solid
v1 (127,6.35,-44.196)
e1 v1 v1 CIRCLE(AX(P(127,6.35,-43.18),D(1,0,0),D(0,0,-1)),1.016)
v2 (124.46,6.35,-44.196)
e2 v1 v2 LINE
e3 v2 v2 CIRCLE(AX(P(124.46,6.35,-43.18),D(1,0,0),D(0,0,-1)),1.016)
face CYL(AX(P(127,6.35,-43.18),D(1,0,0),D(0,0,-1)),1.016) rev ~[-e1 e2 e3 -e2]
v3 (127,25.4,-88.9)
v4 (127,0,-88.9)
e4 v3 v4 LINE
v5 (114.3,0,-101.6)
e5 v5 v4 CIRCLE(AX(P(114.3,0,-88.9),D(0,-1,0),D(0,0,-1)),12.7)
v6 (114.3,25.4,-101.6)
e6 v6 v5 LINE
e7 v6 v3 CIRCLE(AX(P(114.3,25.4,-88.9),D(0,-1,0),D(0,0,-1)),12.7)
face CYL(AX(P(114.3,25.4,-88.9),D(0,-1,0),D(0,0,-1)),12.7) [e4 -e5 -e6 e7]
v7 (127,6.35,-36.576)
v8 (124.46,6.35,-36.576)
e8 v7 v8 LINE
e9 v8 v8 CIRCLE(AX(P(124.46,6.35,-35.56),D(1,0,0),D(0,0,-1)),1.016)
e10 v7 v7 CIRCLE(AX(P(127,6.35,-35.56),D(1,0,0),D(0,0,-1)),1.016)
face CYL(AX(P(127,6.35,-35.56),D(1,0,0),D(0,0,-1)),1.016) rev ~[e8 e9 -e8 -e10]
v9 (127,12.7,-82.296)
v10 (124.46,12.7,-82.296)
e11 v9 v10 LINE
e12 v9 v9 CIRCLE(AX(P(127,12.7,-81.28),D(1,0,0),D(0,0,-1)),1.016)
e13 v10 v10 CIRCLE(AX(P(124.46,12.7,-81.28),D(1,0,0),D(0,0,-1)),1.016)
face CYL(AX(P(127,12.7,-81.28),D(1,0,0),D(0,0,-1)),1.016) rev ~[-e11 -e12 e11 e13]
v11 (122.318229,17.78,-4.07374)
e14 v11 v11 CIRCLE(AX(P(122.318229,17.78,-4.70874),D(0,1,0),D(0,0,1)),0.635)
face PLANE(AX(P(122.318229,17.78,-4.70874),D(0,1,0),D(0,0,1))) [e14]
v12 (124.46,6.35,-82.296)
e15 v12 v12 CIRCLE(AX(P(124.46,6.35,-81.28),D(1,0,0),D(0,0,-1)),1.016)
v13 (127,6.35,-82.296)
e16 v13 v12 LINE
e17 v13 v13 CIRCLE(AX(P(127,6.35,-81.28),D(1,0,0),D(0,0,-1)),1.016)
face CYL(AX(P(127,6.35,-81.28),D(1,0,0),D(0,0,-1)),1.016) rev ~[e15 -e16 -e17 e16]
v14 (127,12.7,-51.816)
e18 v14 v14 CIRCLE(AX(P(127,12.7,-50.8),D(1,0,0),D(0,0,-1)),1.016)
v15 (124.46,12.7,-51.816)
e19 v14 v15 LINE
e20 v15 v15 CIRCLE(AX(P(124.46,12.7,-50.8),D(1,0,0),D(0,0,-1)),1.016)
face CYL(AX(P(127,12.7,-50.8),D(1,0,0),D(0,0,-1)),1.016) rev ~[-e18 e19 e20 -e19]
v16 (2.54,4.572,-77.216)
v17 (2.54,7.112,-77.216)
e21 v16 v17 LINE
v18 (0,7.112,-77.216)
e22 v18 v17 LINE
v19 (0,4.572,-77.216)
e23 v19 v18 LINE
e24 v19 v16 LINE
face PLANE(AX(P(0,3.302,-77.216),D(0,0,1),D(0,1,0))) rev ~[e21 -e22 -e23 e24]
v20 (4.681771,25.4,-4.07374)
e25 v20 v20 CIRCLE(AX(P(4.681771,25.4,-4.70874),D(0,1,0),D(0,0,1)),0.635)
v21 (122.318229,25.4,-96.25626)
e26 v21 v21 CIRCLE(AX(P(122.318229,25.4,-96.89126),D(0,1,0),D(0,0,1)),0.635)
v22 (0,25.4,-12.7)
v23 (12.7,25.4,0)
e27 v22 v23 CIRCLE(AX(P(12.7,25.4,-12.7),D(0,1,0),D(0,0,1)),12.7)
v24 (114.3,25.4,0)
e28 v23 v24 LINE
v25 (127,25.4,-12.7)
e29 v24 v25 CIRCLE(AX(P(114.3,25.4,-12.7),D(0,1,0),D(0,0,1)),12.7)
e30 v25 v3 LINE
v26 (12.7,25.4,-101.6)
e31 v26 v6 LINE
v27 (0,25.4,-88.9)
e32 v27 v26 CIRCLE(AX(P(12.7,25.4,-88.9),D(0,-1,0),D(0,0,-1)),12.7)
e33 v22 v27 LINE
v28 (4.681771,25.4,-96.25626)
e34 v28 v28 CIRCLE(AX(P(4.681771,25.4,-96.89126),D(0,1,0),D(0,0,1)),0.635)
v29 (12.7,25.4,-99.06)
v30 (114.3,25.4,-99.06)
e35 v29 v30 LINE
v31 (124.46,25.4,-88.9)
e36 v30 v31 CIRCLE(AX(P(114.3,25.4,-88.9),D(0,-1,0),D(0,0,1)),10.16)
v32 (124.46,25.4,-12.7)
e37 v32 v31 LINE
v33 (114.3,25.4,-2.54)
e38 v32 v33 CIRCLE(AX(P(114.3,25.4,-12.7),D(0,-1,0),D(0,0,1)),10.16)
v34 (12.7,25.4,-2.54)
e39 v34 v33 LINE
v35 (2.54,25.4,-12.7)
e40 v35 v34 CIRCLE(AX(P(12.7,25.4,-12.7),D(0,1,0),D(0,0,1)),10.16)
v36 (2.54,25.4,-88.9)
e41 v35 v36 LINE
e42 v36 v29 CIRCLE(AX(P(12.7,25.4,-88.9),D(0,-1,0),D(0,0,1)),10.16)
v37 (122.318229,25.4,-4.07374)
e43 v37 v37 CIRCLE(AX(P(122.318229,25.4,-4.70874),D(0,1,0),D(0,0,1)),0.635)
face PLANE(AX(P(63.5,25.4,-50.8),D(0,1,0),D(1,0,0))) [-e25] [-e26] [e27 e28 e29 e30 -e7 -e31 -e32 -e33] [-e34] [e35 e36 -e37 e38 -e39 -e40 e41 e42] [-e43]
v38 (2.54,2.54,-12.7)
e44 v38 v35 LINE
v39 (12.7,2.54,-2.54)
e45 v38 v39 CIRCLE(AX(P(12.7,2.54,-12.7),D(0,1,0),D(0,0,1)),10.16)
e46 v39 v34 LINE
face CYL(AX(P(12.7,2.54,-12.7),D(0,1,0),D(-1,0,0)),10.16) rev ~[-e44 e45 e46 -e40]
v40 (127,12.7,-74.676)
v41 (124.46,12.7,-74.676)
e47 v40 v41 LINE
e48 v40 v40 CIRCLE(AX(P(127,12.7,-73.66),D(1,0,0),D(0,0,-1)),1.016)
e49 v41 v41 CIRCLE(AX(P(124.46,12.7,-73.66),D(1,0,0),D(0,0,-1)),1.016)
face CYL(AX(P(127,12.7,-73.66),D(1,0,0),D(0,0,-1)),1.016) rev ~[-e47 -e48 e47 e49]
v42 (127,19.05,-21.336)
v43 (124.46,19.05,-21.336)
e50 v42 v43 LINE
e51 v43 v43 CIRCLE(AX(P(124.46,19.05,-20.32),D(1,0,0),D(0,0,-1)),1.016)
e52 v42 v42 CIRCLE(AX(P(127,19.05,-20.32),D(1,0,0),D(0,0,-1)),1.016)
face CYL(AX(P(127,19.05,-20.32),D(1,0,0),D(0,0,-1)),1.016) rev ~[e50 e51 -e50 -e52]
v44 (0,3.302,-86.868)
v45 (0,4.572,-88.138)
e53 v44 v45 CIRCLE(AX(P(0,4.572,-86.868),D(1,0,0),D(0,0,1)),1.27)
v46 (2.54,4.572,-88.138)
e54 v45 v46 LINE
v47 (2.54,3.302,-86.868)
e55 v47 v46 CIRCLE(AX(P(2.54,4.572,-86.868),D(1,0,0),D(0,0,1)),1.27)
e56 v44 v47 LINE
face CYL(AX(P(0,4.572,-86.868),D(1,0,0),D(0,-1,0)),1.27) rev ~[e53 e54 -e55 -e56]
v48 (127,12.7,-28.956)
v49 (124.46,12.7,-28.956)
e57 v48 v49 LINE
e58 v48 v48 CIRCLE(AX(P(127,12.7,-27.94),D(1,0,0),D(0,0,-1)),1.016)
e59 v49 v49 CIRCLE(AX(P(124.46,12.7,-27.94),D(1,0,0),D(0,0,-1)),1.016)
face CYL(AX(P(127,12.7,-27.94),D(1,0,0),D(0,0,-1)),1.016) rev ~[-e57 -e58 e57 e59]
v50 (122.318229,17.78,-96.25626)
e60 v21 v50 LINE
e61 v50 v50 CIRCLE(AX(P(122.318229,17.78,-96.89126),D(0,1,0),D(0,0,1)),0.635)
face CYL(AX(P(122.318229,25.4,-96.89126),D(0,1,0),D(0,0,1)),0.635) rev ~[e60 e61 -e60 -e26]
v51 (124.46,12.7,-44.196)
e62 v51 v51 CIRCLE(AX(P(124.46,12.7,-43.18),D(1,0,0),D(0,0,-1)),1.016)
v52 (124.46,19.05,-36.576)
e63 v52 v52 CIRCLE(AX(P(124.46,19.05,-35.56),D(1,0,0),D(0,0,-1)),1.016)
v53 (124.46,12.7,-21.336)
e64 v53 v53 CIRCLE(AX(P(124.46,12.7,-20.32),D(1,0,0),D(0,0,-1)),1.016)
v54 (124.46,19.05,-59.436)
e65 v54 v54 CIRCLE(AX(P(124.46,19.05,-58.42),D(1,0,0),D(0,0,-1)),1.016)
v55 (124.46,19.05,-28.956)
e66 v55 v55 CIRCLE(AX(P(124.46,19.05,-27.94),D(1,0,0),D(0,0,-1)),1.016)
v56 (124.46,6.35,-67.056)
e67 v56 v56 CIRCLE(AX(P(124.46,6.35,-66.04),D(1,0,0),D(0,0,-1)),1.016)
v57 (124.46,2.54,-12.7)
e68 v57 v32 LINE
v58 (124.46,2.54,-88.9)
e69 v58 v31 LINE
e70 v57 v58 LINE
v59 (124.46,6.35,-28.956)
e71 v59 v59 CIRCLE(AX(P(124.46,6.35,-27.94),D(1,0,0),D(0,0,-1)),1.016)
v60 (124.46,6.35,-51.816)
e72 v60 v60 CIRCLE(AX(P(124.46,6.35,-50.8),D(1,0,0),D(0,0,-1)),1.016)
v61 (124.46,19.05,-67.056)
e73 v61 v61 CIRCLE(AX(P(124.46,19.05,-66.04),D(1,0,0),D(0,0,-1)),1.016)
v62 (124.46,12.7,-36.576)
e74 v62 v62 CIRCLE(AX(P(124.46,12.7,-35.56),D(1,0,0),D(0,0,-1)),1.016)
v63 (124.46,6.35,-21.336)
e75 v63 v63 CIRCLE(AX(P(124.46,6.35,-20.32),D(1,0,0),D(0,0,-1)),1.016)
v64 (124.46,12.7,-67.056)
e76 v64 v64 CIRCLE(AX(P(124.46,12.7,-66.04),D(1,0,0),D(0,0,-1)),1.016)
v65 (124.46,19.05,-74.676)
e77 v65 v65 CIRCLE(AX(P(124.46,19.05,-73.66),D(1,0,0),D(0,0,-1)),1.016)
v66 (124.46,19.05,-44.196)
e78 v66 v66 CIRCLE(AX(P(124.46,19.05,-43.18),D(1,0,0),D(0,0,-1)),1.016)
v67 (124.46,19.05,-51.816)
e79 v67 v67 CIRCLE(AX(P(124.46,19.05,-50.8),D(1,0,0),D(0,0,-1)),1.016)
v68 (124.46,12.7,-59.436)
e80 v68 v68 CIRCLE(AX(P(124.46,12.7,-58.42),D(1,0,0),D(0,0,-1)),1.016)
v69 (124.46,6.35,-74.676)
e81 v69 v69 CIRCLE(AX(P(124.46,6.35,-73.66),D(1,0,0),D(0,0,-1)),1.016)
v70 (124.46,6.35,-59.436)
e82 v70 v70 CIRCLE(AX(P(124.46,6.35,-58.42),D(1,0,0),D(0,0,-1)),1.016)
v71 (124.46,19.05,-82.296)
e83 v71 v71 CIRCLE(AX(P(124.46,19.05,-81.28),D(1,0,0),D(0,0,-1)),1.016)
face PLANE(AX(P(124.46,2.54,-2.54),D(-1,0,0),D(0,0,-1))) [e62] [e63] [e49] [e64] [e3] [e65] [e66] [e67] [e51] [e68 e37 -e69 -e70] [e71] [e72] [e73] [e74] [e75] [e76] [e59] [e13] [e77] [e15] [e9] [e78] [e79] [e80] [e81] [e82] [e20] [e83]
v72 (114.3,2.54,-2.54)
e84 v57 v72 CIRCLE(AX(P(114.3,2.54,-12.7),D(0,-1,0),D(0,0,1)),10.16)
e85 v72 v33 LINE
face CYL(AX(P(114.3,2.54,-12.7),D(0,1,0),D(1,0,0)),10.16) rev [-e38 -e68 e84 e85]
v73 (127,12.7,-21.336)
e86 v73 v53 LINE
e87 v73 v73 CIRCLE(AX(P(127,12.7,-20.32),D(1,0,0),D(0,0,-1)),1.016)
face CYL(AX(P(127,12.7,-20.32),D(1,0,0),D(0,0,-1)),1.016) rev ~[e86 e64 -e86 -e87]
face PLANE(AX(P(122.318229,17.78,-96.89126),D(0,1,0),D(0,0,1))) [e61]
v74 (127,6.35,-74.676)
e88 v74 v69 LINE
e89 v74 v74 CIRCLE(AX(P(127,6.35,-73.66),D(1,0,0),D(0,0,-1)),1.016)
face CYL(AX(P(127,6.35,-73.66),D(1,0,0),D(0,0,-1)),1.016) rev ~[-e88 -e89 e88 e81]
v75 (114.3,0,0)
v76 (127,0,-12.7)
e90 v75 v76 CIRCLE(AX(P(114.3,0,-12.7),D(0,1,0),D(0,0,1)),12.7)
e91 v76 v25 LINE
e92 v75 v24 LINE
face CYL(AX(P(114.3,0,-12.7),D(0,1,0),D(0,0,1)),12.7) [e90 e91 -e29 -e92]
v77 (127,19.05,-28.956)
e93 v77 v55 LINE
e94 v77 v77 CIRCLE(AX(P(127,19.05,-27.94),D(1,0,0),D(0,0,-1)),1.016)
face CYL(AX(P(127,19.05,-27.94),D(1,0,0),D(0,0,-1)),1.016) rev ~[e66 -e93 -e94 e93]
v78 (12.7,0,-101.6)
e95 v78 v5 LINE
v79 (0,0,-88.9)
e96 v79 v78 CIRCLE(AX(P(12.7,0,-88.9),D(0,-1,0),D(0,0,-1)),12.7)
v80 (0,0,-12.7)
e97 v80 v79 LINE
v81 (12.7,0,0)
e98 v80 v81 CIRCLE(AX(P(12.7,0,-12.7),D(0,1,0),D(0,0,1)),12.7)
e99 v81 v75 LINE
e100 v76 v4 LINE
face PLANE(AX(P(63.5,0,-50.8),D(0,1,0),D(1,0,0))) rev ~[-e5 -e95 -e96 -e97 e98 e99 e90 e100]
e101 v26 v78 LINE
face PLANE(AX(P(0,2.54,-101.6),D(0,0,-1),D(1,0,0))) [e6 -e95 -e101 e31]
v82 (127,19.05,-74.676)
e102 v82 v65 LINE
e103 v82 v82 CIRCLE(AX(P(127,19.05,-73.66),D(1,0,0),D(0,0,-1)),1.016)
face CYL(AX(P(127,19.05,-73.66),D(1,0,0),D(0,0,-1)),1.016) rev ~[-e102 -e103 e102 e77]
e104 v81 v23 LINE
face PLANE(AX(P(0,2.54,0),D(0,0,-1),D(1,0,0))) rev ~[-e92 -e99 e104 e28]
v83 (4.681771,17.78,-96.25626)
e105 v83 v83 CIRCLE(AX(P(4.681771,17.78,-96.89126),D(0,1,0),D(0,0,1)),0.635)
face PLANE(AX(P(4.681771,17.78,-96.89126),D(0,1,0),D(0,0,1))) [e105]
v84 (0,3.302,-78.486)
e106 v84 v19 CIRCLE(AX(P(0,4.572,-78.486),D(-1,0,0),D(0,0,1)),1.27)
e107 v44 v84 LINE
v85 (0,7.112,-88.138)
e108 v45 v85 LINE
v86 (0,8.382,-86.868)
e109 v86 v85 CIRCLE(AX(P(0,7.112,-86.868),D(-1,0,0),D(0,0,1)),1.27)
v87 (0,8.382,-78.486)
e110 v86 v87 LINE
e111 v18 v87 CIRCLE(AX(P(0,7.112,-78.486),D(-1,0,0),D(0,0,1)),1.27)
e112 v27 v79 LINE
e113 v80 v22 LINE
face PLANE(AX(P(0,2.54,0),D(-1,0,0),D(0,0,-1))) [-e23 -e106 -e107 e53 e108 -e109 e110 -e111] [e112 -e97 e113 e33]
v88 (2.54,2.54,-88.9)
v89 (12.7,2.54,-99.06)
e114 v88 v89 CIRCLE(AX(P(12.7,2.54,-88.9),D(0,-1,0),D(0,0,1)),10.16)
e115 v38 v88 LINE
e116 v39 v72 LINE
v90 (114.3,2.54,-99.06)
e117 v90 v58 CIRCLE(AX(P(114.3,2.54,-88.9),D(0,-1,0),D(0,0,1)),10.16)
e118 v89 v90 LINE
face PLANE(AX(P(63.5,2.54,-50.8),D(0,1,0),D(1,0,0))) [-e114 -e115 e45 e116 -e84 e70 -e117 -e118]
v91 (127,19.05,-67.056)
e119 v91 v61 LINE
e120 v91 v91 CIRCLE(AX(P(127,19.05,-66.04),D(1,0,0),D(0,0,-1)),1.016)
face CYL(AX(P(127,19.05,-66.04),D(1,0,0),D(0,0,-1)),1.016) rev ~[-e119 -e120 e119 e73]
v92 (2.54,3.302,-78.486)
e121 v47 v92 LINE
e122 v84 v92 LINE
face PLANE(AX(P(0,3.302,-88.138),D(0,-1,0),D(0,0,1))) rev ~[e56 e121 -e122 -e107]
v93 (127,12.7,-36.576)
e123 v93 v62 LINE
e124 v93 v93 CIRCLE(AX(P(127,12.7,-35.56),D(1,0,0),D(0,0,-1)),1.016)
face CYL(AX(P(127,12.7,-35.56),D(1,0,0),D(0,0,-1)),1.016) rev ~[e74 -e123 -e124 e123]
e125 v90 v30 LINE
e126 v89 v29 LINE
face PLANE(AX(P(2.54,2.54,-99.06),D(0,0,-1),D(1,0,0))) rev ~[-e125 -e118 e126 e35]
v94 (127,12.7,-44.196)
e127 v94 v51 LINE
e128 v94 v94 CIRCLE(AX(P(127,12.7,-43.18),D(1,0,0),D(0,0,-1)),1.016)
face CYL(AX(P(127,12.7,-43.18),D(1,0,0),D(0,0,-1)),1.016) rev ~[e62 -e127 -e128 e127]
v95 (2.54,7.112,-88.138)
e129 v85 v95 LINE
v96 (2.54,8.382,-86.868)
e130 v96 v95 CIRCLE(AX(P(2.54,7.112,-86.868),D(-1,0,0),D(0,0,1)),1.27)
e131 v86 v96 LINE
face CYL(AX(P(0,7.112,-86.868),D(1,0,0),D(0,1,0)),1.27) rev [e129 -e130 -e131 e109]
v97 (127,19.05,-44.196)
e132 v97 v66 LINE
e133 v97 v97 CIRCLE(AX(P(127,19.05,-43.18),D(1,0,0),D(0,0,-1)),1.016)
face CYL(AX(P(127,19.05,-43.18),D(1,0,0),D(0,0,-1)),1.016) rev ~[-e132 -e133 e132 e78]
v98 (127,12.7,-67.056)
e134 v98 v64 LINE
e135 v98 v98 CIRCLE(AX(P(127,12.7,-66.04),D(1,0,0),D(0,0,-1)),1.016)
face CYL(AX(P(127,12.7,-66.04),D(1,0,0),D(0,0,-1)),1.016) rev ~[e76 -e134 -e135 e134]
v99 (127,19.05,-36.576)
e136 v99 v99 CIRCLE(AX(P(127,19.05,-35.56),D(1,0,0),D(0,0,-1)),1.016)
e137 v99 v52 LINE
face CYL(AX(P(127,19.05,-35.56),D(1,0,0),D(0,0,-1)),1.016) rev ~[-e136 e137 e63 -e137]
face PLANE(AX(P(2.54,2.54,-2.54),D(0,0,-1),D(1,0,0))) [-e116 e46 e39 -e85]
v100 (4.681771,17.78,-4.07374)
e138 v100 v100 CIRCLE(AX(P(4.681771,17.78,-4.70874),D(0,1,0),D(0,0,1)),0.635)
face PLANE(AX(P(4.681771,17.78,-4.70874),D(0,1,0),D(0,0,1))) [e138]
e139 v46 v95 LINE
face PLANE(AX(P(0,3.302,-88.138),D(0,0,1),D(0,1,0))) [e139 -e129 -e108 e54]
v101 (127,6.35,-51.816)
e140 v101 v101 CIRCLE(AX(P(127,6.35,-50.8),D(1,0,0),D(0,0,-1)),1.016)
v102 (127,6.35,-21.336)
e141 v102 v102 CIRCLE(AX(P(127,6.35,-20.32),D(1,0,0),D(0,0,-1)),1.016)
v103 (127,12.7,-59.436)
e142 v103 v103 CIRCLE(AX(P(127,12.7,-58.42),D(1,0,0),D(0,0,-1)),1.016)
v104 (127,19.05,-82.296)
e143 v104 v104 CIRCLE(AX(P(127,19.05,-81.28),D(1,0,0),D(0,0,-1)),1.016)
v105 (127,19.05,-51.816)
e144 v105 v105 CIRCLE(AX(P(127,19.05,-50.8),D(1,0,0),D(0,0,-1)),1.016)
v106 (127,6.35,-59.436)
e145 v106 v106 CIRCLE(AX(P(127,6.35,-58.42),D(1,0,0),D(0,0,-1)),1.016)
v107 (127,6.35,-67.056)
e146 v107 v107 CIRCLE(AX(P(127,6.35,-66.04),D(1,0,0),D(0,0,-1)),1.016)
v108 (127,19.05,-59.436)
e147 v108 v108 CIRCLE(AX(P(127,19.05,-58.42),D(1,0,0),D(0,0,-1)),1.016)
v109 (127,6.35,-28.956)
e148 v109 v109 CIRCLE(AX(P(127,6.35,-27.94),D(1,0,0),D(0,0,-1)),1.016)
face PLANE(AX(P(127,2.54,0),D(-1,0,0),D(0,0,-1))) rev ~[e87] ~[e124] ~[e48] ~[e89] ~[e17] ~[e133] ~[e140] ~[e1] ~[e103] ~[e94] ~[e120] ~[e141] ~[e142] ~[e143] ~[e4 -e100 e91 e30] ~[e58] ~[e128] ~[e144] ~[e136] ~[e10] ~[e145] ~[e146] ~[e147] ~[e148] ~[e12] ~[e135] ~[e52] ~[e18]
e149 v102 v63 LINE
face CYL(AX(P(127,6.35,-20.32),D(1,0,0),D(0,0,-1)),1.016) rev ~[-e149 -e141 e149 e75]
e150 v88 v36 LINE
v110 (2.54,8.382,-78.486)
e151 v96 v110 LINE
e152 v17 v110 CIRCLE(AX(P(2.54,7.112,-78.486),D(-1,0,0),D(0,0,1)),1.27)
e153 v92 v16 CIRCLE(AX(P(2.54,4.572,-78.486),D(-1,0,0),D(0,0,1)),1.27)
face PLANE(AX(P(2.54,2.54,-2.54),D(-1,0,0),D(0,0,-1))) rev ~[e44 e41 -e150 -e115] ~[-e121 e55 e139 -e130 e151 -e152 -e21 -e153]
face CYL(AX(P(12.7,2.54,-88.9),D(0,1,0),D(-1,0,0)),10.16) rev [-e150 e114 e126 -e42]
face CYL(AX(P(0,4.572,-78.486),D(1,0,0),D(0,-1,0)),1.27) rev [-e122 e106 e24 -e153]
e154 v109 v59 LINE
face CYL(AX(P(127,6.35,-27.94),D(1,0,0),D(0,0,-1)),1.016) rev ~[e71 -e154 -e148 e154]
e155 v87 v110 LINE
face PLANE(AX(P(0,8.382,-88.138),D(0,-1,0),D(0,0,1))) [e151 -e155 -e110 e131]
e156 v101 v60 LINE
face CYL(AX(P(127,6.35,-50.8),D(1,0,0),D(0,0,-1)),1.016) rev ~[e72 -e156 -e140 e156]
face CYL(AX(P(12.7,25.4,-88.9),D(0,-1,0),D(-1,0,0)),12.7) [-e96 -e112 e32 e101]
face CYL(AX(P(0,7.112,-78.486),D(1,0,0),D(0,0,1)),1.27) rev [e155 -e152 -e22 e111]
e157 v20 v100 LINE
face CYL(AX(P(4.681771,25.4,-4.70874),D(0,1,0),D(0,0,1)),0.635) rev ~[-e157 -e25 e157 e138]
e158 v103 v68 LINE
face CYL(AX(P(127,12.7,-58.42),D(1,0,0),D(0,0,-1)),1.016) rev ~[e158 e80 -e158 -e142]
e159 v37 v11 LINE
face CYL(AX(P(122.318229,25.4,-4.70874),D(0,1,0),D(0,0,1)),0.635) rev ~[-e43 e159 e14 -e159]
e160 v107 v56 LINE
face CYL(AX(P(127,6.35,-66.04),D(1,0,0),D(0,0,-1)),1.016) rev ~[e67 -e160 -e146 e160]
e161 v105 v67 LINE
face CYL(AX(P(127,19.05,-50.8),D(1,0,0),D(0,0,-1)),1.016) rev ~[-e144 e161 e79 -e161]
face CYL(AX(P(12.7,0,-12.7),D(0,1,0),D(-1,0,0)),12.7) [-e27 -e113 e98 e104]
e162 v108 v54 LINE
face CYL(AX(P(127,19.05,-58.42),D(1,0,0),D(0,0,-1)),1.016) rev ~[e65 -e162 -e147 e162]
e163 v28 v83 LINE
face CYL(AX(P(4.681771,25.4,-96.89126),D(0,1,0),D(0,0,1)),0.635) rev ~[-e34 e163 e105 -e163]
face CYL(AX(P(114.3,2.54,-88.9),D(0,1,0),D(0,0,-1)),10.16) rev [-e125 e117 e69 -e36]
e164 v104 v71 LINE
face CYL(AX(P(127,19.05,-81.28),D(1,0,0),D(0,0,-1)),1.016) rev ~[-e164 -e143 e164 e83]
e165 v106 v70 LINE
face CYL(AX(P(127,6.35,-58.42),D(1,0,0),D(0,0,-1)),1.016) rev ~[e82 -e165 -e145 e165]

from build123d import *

# Parameters (mm, degrees)
SKETCH1_W           = 127
SKETCH1_H           = 101.6
BOSS_EXTRUDE1_DEPTH = 2.54
SKETCH2_W           = 127
SKETCH2_H           = 101.6
SKETCH2_W_2         = 121.92
SKETCH2_H_2         = 96.52
BOSS_EXTRUDE2_DEPTH = 22.86
FILLET1_R           = 10.16
FILLET2_R           = 12.7
SKETCH3_R           = 1.016
CUT_EXTRUDE1_DEPTH  = 2.54
SKETCH4_W           = 10.922
SKETCH4_H           = 5.08
CUT_EXTRUDE2_DEPTH  = 2.54
FILLET3_R           = 1.27
SKETCH6_R           = 0.635
CUT_EXTRUDE4_DEPTH  = 7.62


with BuildPart() as part:
    # Sketch1 → Boss-Extrude1 (new body)
    with BuildSketch(Plane(origin=(0, 0, 0), x_dir=(1, 0, 0), z_dir=(0, 1, 0))):
        with Locations((63.5, 50.8)):
            Rectangle(SKETCH1_W, SKETCH1_H)
    extrude(amount=BOSS_EXTRUDE1_DEPTH)

    # Sketch2 → Boss-Extrude2 (add)
    with BuildSketch(Plane(origin=(0, 2.54, 0), x_dir=(1, 0, 0), z_dir=(0, 1, 0))):
        with Locations((63.5, 50.8)):
            Rectangle(SKETCH2_W, SKETCH2_H)
        with Locations((63.5, 50.8)):
            Rectangle(SKETCH2_W_2, SKETCH2_H_2, mode=Mode.SUBTRACT)
    extrude(amount=BOSS_EXTRUDE2_DEPTH)

    # Fillet1
    fillet1_edges = [part.edges().sort_by_distance(p)[0] for p in [
        (124.46, 13.97, -99.06),
        (2.54, 13.97, -99.06),
        (2.54, 13.97, -2.54),
        (124.46, 13.97, -2.54),
    ]]
    fillet(fillet1_edges, radius=FILLET1_R)

    # Fillet2
    fillet2_edges = [part.edges().sort_by_distance(p)[0] for p in [
        (0, 12.7, -101.6),
        (127, 12.7, -101.6),
        (127, 12.7, 0),
        (0, 12.7, 0),
    ]]
    fillet(fillet2_edges, radius=FILLET2_R)

    # Sketch3 → Cut-Extrude1 (cut)
    with BuildSketch(Plane(origin=(127, 0, 0), x_dir=(0, 0, -1), z_dir=(1, 0, 0))):
        with Locations((50.8, 12.7)):
            Circle(SKETCH3_R)
        with Locations((58.42, 12.7)):
            Circle(SKETCH3_R)
        with Locations((66.04, 12.7)):
            Circle(SKETCH3_R)
        with Locations((73.66, 12.7)):
            Circle(SKETCH3_R)
        with Locations((81.28, 12.7)):
            Circle(SKETCH3_R)
        with Locations((43.18, 12.7)):
            Circle(SKETCH3_R)
        with Locations((35.56, 12.7)):
            Circle(SKETCH3_R)
        with Locations((27.94, 12.7)):
            Circle(SKETCH3_R)
        with Locations((20.32, 12.7)):
            Circle(SKETCH3_R)
        with Locations((20.32, 19.05)):
            Circle(SKETCH3_R)
        with Locations((27.94, 19.05)):
            Circle(SKETCH3_R)
        with Locations((35.56, 19.05)):
            Circle(SKETCH3_R)
        with Locations((43.18, 19.05)):
            Circle(SKETCH3_R)
        with Locations((50.8, 19.05)):
            Circle(SKETCH3_R)
        with Locations((58.42, 19.05)):
            Circle(SKETCH3_R)
        with Locations((66.04, 19.05)):
            Circle(SKETCH3_R)
        with Locations((73.66, 19.05)):
            Circle(SKETCH3_R)
        with Locations((81.28, 19.05)):
            Circle(SKETCH3_R)
        with Locations((20.32, 6.35)):
            Circle(SKETCH3_R)
        with Locations((27.94, 6.35)):
            Circle(SKETCH3_R)
        with Locations((35.56, 6.35)):
            Circle(SKETCH3_R)
        with Locations((43.18, 6.35)):
            Circle(SKETCH3_R)
        with Locations((50.8, 6.35)):
            Circle(SKETCH3_R)
        with Locations((58.42, 6.35)):
            Circle(SKETCH3_R)
        with Locations((66.04, 6.35)):
            Circle(SKETCH3_R)
        with Locations((73.66, 6.35)):
            Circle(SKETCH3_R)
        with Locations((81.28, 6.35)):
            Circle(SKETCH3_R)
    extrude(amount=-CUT_EXTRUDE1_DEPTH, mode=Mode.SUBTRACT)

    # Sketch4 → Cut-Extrude2 (cut)
    with BuildSketch(Plane.ZY):
        with Locations((-82.677, 5.842)):
            Rectangle(SKETCH4_W, SKETCH4_H)
    extrude(amount=-CUT_EXTRUDE2_DEPTH, mode=Mode.SUBTRACT)

    # Fillet3
    fillet3_edges = [part.edges().sort_by_distance(p)[0] for p in [
        (1.27, 8.382, -77.216),
        (1.27, 8.382, -88.138),
        (1.27, 3.302, -88.138),
        (1.27, 3.302, -77.216),
    ]]
    fillet(fillet3_edges, radius=FILLET3_R)

    # Sketch6 → Cut-Extrude4 (cut)
    with BuildSketch(Plane(origin=(0, 25.4, 0), x_dir=(1, 0, 0), z_dir=(0, 1, 0))):
        with Locations(Location((4.681771045, 4.708740144, 0), (0, 0, 270))):
            Circle(SKETCH6_R)
        with Locations(Location((4.681771045, 96.891259856, 0), (0, 0, 270))):
            Circle(SKETCH6_R)
        with Locations(Location((122.318228955, 96.891259856, 0), (0, 0, 270))):
            Circle(SKETCH6_R)
        with Locations(Location((122.318228955, 4.708740144, 0), (0, 0, 270))):
            Circle(SKETCH6_R)
    extrude(amount=-CUT_EXTRUDE4_DEPTH, mode=Mode.SUBTRACT)


solid = part.part
